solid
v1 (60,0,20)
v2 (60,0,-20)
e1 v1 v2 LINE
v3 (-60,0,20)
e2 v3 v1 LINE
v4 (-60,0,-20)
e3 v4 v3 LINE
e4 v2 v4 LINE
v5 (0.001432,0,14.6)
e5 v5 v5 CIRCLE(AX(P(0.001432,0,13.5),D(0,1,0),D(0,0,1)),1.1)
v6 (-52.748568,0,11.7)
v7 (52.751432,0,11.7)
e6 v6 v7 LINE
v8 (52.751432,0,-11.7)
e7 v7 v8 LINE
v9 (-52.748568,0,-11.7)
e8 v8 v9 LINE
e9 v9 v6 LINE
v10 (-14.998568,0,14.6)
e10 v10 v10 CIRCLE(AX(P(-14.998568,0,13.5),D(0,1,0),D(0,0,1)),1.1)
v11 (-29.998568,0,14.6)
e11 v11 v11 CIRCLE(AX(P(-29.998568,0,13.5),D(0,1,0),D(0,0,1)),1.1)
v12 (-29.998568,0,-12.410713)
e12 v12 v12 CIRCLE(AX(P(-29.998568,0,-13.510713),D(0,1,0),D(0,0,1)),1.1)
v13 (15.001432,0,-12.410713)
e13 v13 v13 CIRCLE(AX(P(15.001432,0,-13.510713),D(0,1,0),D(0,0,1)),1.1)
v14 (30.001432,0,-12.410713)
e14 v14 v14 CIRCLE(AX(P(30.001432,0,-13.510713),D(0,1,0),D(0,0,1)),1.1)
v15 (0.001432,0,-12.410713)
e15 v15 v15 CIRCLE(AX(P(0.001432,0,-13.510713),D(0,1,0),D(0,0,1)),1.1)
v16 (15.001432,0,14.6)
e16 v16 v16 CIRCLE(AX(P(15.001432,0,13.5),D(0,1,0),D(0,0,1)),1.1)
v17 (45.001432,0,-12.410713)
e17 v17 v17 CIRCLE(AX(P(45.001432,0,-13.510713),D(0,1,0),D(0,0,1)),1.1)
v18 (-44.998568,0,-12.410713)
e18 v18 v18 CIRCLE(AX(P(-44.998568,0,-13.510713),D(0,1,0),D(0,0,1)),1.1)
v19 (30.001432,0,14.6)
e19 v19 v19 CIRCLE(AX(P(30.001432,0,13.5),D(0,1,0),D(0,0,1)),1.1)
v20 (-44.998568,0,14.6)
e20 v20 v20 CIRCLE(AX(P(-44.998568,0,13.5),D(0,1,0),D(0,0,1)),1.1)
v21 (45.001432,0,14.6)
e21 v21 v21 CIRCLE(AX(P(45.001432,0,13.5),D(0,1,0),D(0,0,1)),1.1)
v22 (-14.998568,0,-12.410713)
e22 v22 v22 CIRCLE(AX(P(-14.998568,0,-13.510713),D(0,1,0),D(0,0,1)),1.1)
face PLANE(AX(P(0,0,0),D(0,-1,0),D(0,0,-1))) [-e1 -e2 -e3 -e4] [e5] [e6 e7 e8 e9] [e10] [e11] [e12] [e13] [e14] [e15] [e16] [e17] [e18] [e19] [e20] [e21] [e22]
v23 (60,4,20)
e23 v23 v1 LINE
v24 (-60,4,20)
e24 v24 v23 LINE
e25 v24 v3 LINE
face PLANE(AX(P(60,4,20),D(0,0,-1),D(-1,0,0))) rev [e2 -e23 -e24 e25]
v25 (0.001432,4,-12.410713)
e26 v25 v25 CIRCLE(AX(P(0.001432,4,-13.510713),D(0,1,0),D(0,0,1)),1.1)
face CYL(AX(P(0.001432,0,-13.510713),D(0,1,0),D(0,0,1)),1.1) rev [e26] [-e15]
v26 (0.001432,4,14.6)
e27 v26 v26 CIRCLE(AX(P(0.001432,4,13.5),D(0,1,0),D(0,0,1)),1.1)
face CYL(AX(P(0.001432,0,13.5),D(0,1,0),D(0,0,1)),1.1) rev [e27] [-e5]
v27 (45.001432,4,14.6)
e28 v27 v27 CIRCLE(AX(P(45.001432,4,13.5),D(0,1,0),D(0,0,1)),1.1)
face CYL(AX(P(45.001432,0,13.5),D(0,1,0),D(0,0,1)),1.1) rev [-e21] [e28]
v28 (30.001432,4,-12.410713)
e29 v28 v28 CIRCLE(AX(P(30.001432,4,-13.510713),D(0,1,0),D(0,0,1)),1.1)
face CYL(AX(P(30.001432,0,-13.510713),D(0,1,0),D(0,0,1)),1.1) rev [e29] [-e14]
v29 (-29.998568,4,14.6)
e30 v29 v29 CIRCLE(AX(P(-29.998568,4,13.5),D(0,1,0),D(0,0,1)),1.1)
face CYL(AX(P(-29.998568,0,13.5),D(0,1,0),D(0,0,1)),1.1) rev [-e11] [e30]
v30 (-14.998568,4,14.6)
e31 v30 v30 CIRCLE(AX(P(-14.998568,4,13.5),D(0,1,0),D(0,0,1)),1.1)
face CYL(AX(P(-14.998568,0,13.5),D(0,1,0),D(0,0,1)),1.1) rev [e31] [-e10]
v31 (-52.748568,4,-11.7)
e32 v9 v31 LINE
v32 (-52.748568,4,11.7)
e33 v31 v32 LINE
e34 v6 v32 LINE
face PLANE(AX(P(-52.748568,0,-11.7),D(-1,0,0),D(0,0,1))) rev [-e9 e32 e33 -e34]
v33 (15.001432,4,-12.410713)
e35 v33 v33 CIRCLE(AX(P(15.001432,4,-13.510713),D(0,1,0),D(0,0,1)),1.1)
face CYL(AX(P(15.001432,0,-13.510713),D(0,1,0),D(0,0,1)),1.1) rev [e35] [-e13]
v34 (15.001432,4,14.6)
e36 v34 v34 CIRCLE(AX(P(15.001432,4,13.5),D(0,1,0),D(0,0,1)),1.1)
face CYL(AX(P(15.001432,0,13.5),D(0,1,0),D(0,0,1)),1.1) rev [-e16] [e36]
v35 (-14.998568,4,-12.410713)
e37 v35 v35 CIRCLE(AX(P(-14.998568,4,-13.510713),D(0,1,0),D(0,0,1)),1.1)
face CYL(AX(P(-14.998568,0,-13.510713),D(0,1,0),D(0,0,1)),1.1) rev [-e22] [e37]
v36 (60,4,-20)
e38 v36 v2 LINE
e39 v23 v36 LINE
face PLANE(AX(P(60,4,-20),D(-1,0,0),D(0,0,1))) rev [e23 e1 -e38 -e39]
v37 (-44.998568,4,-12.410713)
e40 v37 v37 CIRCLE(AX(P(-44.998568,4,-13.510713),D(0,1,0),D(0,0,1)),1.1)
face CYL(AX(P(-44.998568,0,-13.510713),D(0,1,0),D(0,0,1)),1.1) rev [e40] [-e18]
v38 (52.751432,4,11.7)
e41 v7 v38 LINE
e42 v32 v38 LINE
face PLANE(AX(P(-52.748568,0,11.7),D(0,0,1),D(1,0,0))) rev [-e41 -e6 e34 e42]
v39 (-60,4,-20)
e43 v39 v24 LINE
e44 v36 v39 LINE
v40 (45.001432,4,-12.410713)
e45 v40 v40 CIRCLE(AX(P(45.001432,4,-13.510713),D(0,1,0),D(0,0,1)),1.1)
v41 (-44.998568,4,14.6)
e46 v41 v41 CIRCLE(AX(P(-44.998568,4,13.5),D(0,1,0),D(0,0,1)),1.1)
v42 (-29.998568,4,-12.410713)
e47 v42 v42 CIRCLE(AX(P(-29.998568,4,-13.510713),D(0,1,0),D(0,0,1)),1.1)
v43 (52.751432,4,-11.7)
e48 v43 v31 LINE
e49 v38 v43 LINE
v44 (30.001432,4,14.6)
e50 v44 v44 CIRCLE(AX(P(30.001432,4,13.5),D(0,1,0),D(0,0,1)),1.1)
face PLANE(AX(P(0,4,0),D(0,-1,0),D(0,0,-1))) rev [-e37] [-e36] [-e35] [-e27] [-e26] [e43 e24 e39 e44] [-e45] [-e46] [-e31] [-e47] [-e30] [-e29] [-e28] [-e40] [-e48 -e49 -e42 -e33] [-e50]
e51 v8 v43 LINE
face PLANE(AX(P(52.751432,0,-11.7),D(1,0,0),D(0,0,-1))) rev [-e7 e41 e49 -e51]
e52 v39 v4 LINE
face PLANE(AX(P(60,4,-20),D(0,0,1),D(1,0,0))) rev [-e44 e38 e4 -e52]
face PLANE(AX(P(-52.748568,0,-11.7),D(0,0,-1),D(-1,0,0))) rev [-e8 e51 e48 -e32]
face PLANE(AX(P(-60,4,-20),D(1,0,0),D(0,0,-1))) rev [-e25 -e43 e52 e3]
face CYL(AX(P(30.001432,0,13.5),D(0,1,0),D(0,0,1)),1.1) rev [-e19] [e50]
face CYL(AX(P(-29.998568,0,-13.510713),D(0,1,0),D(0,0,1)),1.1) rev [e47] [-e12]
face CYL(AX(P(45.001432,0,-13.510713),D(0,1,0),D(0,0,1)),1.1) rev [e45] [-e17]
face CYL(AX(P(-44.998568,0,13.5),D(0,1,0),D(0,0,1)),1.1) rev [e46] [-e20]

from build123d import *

# Parameters (mm, degrees)
SKETCH1_W           = 120
SKETCH1_H           = 40
BOSS_EXTRUDE1_DEPTH = 4
SKETCH2_R           = 1.1
SKETCH2_W           = 12.5
SKETCH2_H           = 23
CUT_EXTRUDE1_DEPTH  = 5
SKETCH3_W           = 105.5
SKETCH3_H           = 23.4
CUT_EXTRUDE2_DEPTH  = 5


with BuildPart() as part:
    # Sketch1 → Boss-Extrude1 (new body)
    with BuildSketch(Plane(origin=(0, 0, 0), x_dir=(1, 0, 0), z_dir=(0, 1, 0))):
        Rectangle(SKETCH1_W, SKETCH1_H)
    extrude(amount=BOSS_EXTRUDE1_DEPTH)

    # Sketch2 → Cut-Extrude1 (cut, through all)
    with BuildSketch(Plane(origin=(0, 4, 0), x_dir=(1, 0, 0), z_dir=(0, 1, 0))):
        with Locations((-44.998568235, 13.510712966)):
            Circle(SKETCH2_R)
        with Locations((-44.998568235, -13.5)):
            Circle(SKETCH2_R)
        with Locations((-29.998568235, 13.510712966)):
            Circle(SKETCH2_R)
        with Locations((-29.998568235, -13.5)):
            Circle(SKETCH2_R)
        with Locations((-14.998568235, 13.510712966)):
            Circle(SKETCH2_R)
        with Locations((-14.998568235, -13.5)):
            Circle(SKETCH2_R)
        with Locations((0.001431765, 13.510712966)):
            Circle(SKETCH2_R)
        with Locations((0.001431765, -13.5)):
            Circle(SKETCH2_R)
        with Locations((15.001431765, 13.510712966)):
            Circle(SKETCH2_R)
        with Locations((15.001431765, -13.5)):
            Circle(SKETCH2_R)
        with Locations((30.001431765, 13.510712966)):
            Circle(SKETCH2_R)
        with Locations((30.001431765, -13.5)):
            Circle(SKETCH2_R)
        with Locations((45.001431765, 13.510712966)):
            Circle(SKETCH2_R)
        with Locations((45.001431765, -13.5)):
            Circle(SKETCH2_R)
        with Locations((-29.998568235, 0)):
            Rectangle(SKETCH2_W, SKETCH2_H)
        with Locations((-44.998568235, 0)):
            Rectangle(SKETCH2_W, SKETCH2_H)
        with Locations((-14.998568235, 0)):
            Rectangle(SKETCH2_W, SKETCH2_H)
        with Locations((0.001431765, 0)):
            Rectangle(SKETCH2_W, SKETCH2_H)
        with Locations((15.001431765, 0)):
            Rectangle(SKETCH2_W, SKETCH2_H)
        with Locations((30.001431765, 0)):
            Rectangle(SKETCH2_W, SKETCH2_H)
        with Locations((45.001431765, 0)):
            Rectangle(SKETCH2_W, SKETCH2_H)
    extrude(amount=-CUT_EXTRUDE1_DEPTH, mode=Mode.SUBTRACT)

    # Sketch3 → Cut-Extrude2 (cut, through all)
    with BuildSketch(Plane(origin=(0, 4, 0), x_dir=(1, 0, 0), z_dir=(0, 1, 0))):
        with Locations((0.001431765, 0)):
            Rectangle(SKETCH3_W, SKETCH3_H)
    extrude(amount=-CUT_EXTRUDE2_DEPTH, mode=Mode.SUBTRACT)


solid = part.part
